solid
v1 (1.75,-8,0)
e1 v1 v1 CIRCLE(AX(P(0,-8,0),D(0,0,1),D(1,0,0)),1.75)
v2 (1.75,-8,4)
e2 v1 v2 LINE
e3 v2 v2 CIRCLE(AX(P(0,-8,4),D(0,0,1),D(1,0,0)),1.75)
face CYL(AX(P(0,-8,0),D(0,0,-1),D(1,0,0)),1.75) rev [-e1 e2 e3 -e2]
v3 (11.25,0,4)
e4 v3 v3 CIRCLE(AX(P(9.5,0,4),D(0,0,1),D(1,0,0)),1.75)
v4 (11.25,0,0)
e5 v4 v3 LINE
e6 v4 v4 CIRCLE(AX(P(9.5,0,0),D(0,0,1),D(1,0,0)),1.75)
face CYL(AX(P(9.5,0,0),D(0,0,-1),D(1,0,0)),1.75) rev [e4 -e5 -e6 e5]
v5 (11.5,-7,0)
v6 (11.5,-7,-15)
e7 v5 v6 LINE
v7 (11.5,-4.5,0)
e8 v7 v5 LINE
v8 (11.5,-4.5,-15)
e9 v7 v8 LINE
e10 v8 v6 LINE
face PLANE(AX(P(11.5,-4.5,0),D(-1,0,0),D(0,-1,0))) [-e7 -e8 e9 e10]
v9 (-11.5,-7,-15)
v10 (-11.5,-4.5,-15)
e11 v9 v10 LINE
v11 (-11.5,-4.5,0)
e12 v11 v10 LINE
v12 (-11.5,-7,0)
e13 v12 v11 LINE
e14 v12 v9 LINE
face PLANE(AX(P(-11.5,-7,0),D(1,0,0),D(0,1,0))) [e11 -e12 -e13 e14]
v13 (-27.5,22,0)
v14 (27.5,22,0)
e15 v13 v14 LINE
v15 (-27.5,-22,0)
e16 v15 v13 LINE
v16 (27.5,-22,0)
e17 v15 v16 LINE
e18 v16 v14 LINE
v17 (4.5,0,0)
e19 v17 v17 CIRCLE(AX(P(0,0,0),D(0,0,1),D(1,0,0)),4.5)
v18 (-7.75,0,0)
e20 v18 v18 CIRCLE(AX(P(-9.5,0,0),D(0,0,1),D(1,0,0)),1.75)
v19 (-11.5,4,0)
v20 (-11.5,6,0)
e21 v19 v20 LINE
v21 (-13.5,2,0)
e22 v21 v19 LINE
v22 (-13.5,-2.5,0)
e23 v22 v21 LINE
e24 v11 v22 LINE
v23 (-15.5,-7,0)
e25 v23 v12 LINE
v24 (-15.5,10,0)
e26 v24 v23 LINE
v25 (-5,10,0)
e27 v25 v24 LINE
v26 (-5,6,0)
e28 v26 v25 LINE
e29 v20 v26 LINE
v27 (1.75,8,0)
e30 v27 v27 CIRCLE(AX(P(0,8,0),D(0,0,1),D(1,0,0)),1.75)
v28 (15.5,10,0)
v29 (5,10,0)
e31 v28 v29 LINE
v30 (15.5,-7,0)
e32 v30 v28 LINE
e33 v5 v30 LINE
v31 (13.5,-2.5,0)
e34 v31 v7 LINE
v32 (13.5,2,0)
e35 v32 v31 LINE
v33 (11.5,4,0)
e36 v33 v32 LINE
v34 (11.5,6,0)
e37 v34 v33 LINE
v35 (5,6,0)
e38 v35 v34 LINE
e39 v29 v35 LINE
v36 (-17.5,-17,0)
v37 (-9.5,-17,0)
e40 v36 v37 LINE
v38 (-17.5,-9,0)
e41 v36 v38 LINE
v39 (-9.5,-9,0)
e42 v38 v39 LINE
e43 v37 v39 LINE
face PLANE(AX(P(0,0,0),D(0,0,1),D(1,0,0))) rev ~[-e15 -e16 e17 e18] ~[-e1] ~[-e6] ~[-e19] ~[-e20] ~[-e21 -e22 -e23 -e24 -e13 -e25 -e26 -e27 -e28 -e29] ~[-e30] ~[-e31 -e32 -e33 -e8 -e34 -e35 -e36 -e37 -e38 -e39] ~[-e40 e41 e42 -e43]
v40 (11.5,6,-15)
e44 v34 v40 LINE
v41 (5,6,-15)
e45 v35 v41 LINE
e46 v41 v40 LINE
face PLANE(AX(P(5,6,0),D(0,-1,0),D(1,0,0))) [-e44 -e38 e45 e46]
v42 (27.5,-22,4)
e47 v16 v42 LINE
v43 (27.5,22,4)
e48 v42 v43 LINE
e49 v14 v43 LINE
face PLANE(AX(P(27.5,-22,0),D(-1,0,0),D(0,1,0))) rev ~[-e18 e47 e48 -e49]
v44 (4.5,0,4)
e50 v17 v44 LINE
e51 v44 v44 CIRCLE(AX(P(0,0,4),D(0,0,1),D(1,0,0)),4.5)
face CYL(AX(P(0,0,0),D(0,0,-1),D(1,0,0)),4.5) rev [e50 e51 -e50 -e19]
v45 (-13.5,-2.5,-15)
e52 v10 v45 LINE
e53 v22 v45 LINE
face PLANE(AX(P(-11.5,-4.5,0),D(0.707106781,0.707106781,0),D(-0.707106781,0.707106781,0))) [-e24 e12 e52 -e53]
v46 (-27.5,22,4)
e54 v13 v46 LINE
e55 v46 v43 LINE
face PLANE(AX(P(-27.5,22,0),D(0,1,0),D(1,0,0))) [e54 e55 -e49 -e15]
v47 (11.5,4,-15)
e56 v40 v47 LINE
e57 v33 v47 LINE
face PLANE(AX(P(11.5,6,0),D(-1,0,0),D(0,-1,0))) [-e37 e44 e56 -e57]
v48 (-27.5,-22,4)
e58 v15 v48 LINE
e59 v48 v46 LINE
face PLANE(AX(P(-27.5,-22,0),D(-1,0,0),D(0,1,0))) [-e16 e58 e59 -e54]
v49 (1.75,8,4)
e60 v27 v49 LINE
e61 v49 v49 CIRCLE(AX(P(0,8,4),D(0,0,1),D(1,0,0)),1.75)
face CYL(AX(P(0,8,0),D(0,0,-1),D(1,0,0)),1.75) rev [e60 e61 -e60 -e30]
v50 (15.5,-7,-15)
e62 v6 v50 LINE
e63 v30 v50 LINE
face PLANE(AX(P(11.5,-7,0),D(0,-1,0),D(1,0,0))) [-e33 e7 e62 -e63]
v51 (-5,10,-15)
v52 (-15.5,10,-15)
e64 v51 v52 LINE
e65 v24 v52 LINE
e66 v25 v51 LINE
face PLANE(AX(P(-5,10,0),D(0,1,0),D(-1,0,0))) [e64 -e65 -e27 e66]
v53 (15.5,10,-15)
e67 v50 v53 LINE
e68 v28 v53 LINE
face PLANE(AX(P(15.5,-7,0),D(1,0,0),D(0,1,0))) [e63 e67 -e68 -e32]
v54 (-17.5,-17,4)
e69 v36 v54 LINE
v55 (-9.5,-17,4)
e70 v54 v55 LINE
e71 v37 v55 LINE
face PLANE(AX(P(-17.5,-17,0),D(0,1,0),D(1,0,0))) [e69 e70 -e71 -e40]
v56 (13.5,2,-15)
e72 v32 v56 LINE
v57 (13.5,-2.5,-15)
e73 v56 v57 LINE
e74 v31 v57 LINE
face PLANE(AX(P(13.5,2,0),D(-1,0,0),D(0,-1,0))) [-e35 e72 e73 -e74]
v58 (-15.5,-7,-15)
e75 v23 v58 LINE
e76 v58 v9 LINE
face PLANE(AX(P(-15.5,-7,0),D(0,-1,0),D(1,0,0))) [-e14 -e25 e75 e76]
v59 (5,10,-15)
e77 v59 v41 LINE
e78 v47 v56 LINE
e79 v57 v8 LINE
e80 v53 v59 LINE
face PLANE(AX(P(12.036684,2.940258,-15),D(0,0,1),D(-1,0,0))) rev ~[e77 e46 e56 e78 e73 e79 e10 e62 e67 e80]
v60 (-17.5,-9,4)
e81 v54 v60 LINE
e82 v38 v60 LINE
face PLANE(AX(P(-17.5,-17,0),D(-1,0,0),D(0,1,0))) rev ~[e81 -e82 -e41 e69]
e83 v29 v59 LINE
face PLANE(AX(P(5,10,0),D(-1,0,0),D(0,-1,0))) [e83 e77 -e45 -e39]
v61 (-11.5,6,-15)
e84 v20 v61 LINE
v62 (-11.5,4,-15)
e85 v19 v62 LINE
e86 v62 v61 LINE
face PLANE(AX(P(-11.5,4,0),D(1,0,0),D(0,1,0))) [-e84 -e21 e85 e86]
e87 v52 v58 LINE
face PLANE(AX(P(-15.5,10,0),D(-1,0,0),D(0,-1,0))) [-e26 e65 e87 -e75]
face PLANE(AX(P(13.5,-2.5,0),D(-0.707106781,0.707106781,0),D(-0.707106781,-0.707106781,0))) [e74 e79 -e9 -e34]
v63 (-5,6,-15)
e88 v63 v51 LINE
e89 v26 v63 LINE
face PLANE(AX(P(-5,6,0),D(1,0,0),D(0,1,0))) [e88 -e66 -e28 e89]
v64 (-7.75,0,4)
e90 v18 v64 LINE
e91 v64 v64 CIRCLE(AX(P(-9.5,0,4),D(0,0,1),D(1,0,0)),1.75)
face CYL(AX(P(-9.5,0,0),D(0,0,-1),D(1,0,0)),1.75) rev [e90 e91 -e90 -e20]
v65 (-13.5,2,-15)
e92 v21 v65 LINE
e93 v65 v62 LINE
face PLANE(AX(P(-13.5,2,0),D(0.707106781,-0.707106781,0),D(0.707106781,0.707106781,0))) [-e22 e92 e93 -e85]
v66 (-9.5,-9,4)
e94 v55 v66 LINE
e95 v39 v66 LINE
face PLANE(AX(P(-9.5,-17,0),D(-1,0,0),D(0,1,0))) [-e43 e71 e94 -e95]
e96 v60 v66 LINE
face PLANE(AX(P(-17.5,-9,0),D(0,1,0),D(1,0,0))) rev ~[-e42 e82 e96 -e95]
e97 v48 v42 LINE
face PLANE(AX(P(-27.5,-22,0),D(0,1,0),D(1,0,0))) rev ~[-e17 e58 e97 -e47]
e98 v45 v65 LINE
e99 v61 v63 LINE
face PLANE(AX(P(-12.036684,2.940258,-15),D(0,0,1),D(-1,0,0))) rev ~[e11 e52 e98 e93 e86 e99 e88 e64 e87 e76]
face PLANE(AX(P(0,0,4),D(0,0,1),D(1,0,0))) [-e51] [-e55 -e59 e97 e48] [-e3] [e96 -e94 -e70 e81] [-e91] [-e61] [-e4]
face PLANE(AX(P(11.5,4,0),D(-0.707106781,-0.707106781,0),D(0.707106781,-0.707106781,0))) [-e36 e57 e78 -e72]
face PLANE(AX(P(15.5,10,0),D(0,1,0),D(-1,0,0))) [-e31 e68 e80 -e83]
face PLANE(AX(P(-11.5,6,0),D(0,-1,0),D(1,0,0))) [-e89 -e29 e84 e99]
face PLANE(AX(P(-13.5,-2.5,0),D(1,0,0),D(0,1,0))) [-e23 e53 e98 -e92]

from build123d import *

# Parameters (mm, degrees)
SKETCH_W     = 55
SKETCH_H     = 44
SKETCH_R     = 1.75
SKETCH_R_2   = 4.5
SKETCH_W_2   = 8
SKETCH_H_2   = 8
PAD_DEPTH    = 4
PAD001_DEPTH = 15


with BuildPart() as part:
    # Sketch → Pad (new body)
    with BuildSketch(Plane.XY):
        Rectangle(SKETCH_W, SKETCH_H)
        with Locations((-9.5, 0)):
            Circle(SKETCH_R, mode=Mode.SUBTRACT)
        with Locations((0, 8)):
            Circle(SKETCH_R, mode=Mode.SUBTRACT)
        with Locations((9.5, 0)):
            Circle(SKETCH_R, mode=Mode.SUBTRACT)
        with Locations((0, -8)):
            Circle(SKETCH_R, mode=Mode.SUBTRACT)
        Circle(SKETCH_R_2, mode=Mode.SUBTRACT)
        with Locations((-13.5, -13)):
            Rectangle(SKETCH_W_2, SKETCH_H_2, mode=Mode.SUBTRACT)
    extrude(amount=PAD_DEPTH)

    # Sketch001 (on Face14 of Pad) → Pad001 (join)
    with BuildSketch(Plane(origin=(0, 0, 0), x_dir=(1, 0, 0), z_dir=(0, 0, -1))):
        Polygon((-15.5, 7), (-11.5, 7), (-11.5, 4.5), (-13.5, 2.5), (-13.5, -2), (-11.5, -4), (-11.5, -6), (-5, -6), (-5, -10), (-15.5, -10), align=None)
        Polygon((11.5, 7), (15.5, 7), (15.5, -10), (5, -10), (5, -6), (11.5, -6), (11.5, -4), (13.5, -2), (13.5, 2.5), (11.5, 4.5), align=None)
    extrude(amount=PAD001_DEPTH)


solid = part.part
